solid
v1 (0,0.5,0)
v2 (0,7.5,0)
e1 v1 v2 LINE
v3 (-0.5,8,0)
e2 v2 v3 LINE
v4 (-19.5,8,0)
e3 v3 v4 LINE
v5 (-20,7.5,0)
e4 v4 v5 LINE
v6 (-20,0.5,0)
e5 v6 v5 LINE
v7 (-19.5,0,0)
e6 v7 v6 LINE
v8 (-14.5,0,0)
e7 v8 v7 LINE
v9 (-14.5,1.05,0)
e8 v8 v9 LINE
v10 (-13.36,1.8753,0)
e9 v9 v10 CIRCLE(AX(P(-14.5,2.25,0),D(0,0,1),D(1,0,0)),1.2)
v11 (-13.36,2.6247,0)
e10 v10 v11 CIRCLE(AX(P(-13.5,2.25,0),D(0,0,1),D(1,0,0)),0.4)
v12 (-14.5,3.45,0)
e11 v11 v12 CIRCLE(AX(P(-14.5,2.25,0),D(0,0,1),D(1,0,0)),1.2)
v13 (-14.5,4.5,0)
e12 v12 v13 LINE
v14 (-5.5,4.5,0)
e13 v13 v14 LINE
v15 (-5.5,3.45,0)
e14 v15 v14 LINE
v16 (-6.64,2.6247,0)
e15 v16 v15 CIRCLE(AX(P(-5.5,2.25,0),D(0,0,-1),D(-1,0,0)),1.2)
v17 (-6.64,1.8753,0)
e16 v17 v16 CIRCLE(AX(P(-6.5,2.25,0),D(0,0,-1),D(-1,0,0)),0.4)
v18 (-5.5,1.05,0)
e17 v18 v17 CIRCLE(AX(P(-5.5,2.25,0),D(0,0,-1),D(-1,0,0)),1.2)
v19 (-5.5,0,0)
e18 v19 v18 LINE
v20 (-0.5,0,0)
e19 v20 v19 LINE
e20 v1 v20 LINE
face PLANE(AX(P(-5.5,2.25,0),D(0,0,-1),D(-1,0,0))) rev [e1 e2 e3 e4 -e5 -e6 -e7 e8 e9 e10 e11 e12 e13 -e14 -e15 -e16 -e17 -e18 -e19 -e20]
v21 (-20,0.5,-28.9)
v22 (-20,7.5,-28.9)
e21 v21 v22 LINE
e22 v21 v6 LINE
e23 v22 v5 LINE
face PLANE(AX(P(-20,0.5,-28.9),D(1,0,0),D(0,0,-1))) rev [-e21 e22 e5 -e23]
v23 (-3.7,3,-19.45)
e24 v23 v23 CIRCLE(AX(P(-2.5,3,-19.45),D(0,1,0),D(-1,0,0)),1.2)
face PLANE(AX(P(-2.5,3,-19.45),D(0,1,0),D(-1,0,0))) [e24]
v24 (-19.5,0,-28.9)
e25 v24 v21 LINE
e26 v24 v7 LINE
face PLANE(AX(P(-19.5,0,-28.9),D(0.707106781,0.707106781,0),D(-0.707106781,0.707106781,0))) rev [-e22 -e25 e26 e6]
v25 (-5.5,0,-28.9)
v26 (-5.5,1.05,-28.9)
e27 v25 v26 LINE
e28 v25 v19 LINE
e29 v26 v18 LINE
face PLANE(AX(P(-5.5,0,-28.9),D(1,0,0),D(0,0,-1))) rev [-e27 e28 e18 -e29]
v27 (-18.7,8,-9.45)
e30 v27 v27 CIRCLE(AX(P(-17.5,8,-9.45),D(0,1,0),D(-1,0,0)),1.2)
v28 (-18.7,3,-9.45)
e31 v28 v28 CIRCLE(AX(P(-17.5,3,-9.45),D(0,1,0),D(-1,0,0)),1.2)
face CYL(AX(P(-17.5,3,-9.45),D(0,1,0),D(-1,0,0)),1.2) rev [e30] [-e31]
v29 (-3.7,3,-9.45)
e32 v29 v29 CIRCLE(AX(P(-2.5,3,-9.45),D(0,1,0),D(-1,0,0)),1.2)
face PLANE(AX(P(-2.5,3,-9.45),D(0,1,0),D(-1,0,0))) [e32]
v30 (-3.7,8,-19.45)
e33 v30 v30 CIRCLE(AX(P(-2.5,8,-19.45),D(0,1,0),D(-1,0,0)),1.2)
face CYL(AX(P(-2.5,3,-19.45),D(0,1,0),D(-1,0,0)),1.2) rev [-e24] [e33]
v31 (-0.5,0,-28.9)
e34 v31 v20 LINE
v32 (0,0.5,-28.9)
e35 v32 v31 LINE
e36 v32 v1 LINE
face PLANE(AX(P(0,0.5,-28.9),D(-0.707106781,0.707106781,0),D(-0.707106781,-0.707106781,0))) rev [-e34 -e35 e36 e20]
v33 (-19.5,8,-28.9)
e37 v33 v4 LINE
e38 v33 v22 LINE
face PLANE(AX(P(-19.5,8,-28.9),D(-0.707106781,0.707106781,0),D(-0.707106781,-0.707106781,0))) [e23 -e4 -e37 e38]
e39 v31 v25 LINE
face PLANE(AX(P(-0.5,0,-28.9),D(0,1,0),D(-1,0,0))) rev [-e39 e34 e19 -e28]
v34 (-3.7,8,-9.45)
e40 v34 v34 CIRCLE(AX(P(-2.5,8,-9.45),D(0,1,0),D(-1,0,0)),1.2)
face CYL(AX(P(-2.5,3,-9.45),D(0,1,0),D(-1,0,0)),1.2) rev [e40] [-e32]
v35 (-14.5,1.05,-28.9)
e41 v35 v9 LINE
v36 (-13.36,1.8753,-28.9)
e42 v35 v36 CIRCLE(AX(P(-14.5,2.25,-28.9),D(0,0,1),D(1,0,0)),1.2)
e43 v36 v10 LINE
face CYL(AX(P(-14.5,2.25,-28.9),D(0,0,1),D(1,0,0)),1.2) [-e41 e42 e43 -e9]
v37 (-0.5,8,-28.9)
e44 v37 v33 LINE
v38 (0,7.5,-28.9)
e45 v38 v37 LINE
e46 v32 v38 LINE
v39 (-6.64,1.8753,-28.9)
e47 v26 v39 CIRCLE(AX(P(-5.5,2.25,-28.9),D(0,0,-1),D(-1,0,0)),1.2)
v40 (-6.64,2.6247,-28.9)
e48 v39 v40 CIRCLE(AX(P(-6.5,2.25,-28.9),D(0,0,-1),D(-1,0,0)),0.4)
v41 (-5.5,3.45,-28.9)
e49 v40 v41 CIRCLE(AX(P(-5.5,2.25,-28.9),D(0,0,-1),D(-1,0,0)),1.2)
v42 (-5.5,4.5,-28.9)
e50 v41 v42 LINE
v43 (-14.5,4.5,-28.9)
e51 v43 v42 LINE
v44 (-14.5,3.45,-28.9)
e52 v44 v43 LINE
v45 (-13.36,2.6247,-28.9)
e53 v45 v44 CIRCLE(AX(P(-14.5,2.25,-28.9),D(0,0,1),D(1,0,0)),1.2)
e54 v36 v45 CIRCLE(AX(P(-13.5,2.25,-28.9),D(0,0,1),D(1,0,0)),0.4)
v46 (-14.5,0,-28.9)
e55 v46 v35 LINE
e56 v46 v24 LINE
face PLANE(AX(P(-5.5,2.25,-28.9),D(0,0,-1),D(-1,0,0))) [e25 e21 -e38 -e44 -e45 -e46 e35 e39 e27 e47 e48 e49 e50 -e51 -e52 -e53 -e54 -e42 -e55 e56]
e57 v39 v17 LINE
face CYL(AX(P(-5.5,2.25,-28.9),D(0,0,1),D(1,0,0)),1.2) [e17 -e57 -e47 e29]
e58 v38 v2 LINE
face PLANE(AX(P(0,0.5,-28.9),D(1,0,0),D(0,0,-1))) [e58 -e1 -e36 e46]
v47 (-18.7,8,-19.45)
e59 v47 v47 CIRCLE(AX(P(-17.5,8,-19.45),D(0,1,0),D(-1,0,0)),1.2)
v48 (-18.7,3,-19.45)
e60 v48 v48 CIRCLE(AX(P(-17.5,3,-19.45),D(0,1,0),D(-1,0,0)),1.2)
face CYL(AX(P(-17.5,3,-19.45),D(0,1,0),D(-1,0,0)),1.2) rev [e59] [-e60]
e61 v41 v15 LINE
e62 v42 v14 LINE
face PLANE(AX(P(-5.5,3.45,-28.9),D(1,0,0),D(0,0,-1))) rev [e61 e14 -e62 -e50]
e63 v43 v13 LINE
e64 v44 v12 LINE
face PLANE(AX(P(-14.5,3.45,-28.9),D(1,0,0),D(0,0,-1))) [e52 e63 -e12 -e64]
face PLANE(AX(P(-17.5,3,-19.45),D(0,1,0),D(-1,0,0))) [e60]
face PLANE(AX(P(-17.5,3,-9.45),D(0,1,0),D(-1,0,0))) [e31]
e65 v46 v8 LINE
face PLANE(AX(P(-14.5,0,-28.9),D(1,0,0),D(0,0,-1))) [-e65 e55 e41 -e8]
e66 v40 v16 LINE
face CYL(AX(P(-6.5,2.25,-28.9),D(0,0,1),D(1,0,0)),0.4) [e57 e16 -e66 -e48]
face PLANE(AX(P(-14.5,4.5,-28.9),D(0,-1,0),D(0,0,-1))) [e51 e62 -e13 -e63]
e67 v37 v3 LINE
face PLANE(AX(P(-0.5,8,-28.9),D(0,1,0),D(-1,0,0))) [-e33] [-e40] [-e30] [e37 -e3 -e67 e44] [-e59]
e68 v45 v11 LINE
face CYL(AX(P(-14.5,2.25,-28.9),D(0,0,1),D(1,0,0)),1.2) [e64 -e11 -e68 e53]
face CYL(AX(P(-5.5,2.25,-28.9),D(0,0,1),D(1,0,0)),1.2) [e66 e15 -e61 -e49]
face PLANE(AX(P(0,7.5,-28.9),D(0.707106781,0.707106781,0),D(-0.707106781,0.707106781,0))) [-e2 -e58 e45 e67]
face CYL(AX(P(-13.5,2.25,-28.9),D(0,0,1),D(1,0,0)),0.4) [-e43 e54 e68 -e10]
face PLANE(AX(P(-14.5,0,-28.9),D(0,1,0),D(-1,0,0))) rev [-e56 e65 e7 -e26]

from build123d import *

# Parameters (mm, degrees)
EXTRUDE_1_DEPTH     = 28.9
SKETCH_2_R          = 1.2
CUT_EXTRUDE_1_DEPTH = 5


with BuildPart() as part:
    # 草图1 → 凸台-拉伸1 (new body)
    with BuildSketch(Plane.XY):
        with BuildLine():
            Line((-19.5, 8), (-20, 7.5))
            Line((-20, 7.5), (-20, 0.5))
            Line((-20, 0.5), (-19.5, 0))
            Line((-19.5, 0), (-14.5, 0))
            Line((-14.5, 0), (-14.5, 1.05))
            ThreePointArc((-14.5, 1.05), (-13.796309676, 1.277981519), (-13.36, 1.87530012))
            ThreePointArc((-13.36, 1.87530012), (-13.1, 2.25), (-13.36, 2.62469988))
            ThreePointArc((-13.36, 2.62469988), (-13.796309676, 3.222018481), (-14.5, 3.45))
            Line((-14.5, 3.45), (-14.5, 4.5))
            Line((-14.5, 4.5), (-5.5, 4.5))
            Line((-5.5, 4.5), (-5.5, 3.45))
            ThreePointArc((-5.5, 3.45), (-6.203690324, 3.222018481), (-6.64, 2.62469988))
            ThreePointArc((-6.64, 2.62469988), (-6.9, 2.25), (-6.64, 1.87530012))
            ThreePointArc((-6.64, 1.87530012), (-6.203690324, 1.277981519), (-5.5, 1.05))
            Line((-5.5, 1.05), (-5.5, 0))
            Line((-5.5, 0), (-0.5, 0))
            Line((-0.5, 0), (0, 0.5))
            Line((0, 0.5), (0, 7.5))
            Line((0, 7.5), (-0.5, 8))
            Line((-0.5, 8), (-19.5, 8))
        make_face()
    extrude(amount=-EXTRUDE_1_DEPTH)

    # 草图2 → 切除-拉伸1 (cut)
    with BuildSketch(Plane(origin=(0, 8, 0), x_dir=(1, 0, 0), z_dir=(0, 1, 0))):
        with Locations(Location((-17.5, 19.45, 0), (0, 0, 180))):
            Circle(SKETCH_2_R)
        with Locations(Location((-2.5, 19.45, 0), (0, 0, 180))):
            Circle(SKETCH_2_R)
        with Locations(Location((-2.5, 9.45, 0), (0, 0, 180))):
            Circle(SKETCH_2_R)
        with Locations(Location((-17.5, 9.45, 0), (0, 0, 180))):
            Circle(SKETCH_2_R)
    extrude(amount=-CUT_EXTRUDE_1_DEPTH, mode=Mode.SUBTRACT)


solid = part.part
